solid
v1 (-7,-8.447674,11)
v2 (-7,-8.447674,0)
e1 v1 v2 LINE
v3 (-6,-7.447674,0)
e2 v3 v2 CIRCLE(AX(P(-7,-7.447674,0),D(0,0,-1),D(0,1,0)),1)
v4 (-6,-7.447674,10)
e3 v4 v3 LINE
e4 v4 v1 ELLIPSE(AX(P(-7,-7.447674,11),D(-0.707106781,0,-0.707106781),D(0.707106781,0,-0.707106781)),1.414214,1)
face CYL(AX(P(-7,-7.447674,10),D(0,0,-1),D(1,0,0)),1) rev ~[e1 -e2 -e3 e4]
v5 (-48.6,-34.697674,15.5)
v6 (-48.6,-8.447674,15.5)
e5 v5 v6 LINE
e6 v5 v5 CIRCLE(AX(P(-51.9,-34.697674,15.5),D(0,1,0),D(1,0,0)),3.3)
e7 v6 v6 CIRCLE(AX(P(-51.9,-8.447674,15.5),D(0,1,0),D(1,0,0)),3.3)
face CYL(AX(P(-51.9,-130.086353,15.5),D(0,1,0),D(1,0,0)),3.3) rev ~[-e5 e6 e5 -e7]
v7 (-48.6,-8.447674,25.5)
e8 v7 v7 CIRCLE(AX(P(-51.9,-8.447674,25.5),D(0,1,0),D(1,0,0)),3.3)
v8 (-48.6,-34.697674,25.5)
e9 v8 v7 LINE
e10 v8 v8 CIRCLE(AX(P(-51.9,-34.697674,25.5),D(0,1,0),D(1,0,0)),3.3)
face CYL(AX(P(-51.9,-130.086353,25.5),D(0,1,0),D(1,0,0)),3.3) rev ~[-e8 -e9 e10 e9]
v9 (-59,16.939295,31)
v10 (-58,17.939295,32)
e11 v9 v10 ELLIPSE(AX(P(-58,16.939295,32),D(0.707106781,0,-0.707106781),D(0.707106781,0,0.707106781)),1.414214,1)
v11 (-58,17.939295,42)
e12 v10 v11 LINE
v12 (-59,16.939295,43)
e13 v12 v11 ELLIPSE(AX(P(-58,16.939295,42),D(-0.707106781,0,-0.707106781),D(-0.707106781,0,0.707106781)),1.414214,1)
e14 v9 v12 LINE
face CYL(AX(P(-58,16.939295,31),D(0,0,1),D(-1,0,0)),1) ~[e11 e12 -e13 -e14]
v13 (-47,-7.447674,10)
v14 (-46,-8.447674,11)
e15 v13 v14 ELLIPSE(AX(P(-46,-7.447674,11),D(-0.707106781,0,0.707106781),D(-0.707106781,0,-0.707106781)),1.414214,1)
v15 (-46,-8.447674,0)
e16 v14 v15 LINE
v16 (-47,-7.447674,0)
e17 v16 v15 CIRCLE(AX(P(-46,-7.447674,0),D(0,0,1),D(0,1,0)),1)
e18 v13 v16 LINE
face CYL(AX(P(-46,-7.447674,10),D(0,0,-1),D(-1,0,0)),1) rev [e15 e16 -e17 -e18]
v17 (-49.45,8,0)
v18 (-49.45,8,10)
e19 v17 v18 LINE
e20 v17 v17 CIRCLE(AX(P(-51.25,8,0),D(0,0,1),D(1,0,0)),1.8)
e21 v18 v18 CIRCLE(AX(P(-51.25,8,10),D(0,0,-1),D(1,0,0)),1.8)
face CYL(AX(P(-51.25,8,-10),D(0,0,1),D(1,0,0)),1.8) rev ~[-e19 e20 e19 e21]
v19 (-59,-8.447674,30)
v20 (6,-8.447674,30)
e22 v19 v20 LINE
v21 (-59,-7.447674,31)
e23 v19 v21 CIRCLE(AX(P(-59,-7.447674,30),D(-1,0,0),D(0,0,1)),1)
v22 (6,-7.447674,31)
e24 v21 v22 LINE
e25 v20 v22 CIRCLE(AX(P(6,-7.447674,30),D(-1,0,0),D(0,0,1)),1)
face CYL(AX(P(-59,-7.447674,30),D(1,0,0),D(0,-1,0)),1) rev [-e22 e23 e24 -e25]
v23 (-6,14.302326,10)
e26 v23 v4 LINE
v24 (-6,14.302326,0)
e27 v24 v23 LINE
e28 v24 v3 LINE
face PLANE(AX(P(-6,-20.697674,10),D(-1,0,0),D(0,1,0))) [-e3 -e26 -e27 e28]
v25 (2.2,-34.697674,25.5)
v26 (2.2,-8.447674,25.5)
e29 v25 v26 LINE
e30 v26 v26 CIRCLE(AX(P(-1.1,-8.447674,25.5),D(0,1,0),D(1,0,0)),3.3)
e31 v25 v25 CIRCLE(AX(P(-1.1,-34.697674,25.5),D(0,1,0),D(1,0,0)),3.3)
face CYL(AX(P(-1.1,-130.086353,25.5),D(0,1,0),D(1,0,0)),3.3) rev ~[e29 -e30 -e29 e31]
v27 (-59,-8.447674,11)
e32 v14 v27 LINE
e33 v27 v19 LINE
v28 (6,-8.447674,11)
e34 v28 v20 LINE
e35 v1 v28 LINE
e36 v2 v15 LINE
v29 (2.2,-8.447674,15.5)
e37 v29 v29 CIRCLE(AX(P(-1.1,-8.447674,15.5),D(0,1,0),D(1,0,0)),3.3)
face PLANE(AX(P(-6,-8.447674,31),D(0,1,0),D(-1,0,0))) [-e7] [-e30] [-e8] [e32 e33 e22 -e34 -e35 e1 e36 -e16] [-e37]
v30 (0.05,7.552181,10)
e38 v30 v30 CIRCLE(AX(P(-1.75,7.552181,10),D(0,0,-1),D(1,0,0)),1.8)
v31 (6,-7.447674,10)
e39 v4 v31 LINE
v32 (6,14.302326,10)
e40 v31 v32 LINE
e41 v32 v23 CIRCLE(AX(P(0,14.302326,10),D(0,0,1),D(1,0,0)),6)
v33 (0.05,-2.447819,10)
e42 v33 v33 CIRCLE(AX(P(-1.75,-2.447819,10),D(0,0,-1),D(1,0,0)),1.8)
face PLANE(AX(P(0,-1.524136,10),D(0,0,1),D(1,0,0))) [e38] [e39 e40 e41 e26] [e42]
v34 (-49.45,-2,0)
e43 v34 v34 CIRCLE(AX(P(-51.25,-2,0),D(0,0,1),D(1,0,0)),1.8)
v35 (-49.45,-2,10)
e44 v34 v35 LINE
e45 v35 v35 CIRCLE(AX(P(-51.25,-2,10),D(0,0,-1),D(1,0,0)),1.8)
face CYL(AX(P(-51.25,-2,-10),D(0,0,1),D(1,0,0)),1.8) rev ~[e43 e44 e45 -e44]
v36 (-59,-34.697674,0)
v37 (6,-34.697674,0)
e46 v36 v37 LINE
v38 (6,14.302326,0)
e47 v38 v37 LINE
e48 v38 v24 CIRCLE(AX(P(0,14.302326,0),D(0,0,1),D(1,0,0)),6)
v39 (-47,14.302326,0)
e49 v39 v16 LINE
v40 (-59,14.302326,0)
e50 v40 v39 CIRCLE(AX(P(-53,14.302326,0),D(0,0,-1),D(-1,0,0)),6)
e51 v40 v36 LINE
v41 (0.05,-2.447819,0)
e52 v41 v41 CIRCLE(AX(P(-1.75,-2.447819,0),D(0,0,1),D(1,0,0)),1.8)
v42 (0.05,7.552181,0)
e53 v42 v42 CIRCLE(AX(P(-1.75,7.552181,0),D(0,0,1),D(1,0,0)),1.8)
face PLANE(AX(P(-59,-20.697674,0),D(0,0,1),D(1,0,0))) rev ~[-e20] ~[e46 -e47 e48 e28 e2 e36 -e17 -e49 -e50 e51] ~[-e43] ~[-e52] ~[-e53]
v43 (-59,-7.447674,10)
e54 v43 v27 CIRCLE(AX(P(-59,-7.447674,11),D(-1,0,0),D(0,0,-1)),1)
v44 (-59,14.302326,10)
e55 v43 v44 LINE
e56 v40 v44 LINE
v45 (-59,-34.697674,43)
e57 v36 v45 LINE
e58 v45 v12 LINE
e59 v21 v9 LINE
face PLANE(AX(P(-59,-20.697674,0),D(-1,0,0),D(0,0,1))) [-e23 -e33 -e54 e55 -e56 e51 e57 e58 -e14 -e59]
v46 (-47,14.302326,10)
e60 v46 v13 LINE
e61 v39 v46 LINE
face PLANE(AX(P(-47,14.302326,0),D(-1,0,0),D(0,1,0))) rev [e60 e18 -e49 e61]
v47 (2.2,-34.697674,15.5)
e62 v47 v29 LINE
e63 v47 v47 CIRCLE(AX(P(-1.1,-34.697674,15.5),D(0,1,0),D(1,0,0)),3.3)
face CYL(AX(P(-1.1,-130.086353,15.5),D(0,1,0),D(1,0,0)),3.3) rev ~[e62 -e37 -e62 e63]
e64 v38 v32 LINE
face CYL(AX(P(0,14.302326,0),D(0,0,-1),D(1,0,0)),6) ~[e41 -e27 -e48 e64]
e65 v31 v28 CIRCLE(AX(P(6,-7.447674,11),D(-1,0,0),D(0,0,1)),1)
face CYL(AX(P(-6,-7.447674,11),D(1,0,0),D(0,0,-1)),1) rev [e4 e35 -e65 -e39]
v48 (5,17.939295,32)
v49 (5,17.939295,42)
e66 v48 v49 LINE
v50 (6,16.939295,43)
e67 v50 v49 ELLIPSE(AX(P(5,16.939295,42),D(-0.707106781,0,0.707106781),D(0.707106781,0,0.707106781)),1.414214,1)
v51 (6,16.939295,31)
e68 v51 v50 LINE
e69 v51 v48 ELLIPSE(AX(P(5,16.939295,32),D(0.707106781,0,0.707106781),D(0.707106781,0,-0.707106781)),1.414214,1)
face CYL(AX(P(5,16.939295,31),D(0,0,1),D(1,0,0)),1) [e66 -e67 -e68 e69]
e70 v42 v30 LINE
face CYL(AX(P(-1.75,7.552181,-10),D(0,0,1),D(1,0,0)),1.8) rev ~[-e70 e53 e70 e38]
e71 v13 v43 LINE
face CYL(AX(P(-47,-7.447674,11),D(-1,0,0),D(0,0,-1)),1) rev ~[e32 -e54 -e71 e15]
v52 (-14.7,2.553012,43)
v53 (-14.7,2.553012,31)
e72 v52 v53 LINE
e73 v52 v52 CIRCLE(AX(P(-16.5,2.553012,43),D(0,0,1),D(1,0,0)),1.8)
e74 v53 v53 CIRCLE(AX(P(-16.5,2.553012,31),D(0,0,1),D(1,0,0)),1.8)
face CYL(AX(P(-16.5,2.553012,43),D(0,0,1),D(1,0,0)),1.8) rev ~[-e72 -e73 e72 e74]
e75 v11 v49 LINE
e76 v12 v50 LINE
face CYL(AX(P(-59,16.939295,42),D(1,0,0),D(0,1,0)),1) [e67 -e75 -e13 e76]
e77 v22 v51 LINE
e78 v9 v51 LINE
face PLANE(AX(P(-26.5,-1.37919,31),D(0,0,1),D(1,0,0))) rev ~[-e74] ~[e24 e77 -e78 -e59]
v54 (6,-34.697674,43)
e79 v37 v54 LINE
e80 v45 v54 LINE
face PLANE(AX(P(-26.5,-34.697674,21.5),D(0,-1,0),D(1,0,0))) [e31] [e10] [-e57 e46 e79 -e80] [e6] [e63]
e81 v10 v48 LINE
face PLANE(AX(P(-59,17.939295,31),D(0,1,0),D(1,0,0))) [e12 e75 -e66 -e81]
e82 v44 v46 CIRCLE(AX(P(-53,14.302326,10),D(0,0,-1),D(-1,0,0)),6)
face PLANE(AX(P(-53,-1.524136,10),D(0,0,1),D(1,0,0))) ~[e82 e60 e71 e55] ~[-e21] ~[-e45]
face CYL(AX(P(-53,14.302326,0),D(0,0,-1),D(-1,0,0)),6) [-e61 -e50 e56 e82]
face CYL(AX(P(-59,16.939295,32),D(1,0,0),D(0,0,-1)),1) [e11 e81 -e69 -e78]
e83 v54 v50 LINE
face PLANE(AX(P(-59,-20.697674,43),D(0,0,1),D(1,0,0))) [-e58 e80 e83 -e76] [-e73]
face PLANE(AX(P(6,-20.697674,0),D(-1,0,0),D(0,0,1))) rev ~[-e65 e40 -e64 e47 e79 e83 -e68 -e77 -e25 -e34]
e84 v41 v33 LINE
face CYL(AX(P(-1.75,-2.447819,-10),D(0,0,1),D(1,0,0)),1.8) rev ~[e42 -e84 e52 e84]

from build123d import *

# Parameters (mm, degrees)
BOSS_EXTRUDE1_DEPTH            = 10
SKETCH2_W                      = 12
SKETCH2_H                      = 12.25
BOSS_EXTRUDE2_DEPTH            = 21
SKETCH4_W                      = 65
SKETCH4_H                      = 38.636969104
BOSS_EXTRUDE3_DEPTH            = 12
F_3_6_3_6_DIAMETER_HOLE1_D     = 3.6
F_3_6_3_6_DIAMETER_HOLE1_DEPTH = 10
F_3_6_3_6_DIAMETER_HOLE1_TIP   = 1.081549114
SKETCH21_W                     = 41
SKETCH21_H                     = 12.25
BOSS_EXTRUDE4_DEPTH            = 31
SKETCH23_W                     = 65
SKETCH23_H                     = 43
BOSS_EXTRUDE6_DEPTH            = 14
FILLET1_R                      = 1
F_6_6_6_6_DIAMETER_HOLE1_D     = 6.6
SKETCH28_R                     = 1.8
CUT_EXTRUDE1_DEPTH             = 44


with BuildPart() as part:
    # Sketch1 → Boss-Extrude1 (new body)
    with BuildSketch(Plane.XY):
        with BuildLine():
            Line((-6, 14.302325581), (-6, -20.697674419))
            Line((-6, -20.697674419), (6, -20.697674419))
            Line((6, -20.697674419), (6, 14.302325581))
            ThreePointArc((6, 14.302325581), (0, 20.302325581), (-6, 14.302325581))
        make_face()
    boss_extrude1 = extrude(amount=BOSS_EXTRUDE1_DEPTH)

    # Sketch2 → Boss-Extrude2 (add)
    with BuildSketch(Plane.XY.offset(10)):
        with Locations((0, -14.572674419)):
            Rectangle(SKETCH2_W, SKETCH2_H)
    boss_extrude2 = extrude(amount=BOSS_EXTRUDE2_DEPTH)

    # Sketch4 → Boss-Extrude3 (add)
    with BuildSketch(Plane.XY.offset(31)):
        with Locations((-26.5, -1.379189867)):
            Rectangle(SKETCH4_W, SKETCH4_H)
    extrude(amount=BOSS_EXTRUDE3_DEPTH)

    # Mirror2: Boss-Extrude2 across plane
    add(boss_extrude2.mirror(Plane.ZY.offset(26.5)))

    # Mirror3: Boss-Extrude1 across plane
    add(boss_extrude1.mirror(Plane.ZY.offset(26.5)))

    # Ø3.6 (3.6) Diameter Hole1
    with Locations(Plane(origin=(0, 0, 0), x_dir=(-1, 0, 0), z_dir=(0, 0, -1))):
        with Locations((1.75, 7.55218084), (1.75, -2.44781916), (51.25, 8), (51.25, -2)):
            Hole(F_3_6_3_6_DIAMETER_HOLE1_D / 2, depth=F_3_6_3_6_DIAMETER_HOLE1_DEPTH)
            with Locations((0, 0, -(F_3_6_3_6_DIAMETER_HOLE1_DEPTH + F_3_6_3_6_DIAMETER_HOLE1_TIP / 2))):  # 118° drill point
                Cone(0, F_3_6_3_6_DIAMETER_HOLE1_D / 2, F_3_6_3_6_DIAMETER_HOLE1_TIP, mode=Mode.SUBTRACT)

    # Sketch21 → Boss-Extrude4 (add)
    with BuildSketch(Plane(origin=(0, 0, 31), x_dir=(-1, 0, 0), z_dir=(0, 0, -1))):
        with Locations((26.5, -14.572674419)):
            Rectangle(SKETCH21_W, SKETCH21_H)
    extrude(amount=BOSS_EXTRUDE4_DEPTH)

    # Sketch23 → Boss-Extrude6 (add)
    with BuildSketch(Plane.XZ.offset(20.697674419)):
        with Locations((-26.5, 21.5)):
            Rectangle(SKETCH23_W, SKETCH23_H)
    extrude(amount=BOSS_EXTRUDE6_DEPTH)

    # Fillet1
    fillet1_edges = [part.edges().sort_by_distance(p)[0] for p in [
        (-26.5, -8.447674419, 31),
        (0, -8.447674419, 10),
        (-26.5, 17.939294685, 31),
        (6, 17.939294685, 37),
        (-59, 17.939294685, 37),
        (-26.5, 17.939294685, 43),
        (-53, -8.447674419, 10),
        (-6, -8.447674419, 5),
        (-47, -8.447674419, 5),
    ]]
    fillet(fillet1_edges, radius=FILLET1_R)

    # Ø6.6 (6.6) Diameter Hole1 (through all)
    with Locations(Plane(origin=(0, -34.697674419, 0), x_dir=(-1, 0, 0), z_dir=(0, -1, 0))):
        with Locations((1.1, -15.5), (1.1, -25.5), (51.9, -15.5), (51.9, -25.5)):
            Hole(F_6_6_6_6_DIAMETER_HOLE1_D / 2)

    # Sketch28 → Cut-Extrude1 (cut, through all)
    with BuildSketch(Plane.XY.offset(43)):
        with Locations((-16.5, 2.553012267)):
            Circle(SKETCH28_R)
    extrude(amount=-CUT_EXTRUDE1_DEPTH, mode=Mode.SUBTRACT)


solid = part.part
